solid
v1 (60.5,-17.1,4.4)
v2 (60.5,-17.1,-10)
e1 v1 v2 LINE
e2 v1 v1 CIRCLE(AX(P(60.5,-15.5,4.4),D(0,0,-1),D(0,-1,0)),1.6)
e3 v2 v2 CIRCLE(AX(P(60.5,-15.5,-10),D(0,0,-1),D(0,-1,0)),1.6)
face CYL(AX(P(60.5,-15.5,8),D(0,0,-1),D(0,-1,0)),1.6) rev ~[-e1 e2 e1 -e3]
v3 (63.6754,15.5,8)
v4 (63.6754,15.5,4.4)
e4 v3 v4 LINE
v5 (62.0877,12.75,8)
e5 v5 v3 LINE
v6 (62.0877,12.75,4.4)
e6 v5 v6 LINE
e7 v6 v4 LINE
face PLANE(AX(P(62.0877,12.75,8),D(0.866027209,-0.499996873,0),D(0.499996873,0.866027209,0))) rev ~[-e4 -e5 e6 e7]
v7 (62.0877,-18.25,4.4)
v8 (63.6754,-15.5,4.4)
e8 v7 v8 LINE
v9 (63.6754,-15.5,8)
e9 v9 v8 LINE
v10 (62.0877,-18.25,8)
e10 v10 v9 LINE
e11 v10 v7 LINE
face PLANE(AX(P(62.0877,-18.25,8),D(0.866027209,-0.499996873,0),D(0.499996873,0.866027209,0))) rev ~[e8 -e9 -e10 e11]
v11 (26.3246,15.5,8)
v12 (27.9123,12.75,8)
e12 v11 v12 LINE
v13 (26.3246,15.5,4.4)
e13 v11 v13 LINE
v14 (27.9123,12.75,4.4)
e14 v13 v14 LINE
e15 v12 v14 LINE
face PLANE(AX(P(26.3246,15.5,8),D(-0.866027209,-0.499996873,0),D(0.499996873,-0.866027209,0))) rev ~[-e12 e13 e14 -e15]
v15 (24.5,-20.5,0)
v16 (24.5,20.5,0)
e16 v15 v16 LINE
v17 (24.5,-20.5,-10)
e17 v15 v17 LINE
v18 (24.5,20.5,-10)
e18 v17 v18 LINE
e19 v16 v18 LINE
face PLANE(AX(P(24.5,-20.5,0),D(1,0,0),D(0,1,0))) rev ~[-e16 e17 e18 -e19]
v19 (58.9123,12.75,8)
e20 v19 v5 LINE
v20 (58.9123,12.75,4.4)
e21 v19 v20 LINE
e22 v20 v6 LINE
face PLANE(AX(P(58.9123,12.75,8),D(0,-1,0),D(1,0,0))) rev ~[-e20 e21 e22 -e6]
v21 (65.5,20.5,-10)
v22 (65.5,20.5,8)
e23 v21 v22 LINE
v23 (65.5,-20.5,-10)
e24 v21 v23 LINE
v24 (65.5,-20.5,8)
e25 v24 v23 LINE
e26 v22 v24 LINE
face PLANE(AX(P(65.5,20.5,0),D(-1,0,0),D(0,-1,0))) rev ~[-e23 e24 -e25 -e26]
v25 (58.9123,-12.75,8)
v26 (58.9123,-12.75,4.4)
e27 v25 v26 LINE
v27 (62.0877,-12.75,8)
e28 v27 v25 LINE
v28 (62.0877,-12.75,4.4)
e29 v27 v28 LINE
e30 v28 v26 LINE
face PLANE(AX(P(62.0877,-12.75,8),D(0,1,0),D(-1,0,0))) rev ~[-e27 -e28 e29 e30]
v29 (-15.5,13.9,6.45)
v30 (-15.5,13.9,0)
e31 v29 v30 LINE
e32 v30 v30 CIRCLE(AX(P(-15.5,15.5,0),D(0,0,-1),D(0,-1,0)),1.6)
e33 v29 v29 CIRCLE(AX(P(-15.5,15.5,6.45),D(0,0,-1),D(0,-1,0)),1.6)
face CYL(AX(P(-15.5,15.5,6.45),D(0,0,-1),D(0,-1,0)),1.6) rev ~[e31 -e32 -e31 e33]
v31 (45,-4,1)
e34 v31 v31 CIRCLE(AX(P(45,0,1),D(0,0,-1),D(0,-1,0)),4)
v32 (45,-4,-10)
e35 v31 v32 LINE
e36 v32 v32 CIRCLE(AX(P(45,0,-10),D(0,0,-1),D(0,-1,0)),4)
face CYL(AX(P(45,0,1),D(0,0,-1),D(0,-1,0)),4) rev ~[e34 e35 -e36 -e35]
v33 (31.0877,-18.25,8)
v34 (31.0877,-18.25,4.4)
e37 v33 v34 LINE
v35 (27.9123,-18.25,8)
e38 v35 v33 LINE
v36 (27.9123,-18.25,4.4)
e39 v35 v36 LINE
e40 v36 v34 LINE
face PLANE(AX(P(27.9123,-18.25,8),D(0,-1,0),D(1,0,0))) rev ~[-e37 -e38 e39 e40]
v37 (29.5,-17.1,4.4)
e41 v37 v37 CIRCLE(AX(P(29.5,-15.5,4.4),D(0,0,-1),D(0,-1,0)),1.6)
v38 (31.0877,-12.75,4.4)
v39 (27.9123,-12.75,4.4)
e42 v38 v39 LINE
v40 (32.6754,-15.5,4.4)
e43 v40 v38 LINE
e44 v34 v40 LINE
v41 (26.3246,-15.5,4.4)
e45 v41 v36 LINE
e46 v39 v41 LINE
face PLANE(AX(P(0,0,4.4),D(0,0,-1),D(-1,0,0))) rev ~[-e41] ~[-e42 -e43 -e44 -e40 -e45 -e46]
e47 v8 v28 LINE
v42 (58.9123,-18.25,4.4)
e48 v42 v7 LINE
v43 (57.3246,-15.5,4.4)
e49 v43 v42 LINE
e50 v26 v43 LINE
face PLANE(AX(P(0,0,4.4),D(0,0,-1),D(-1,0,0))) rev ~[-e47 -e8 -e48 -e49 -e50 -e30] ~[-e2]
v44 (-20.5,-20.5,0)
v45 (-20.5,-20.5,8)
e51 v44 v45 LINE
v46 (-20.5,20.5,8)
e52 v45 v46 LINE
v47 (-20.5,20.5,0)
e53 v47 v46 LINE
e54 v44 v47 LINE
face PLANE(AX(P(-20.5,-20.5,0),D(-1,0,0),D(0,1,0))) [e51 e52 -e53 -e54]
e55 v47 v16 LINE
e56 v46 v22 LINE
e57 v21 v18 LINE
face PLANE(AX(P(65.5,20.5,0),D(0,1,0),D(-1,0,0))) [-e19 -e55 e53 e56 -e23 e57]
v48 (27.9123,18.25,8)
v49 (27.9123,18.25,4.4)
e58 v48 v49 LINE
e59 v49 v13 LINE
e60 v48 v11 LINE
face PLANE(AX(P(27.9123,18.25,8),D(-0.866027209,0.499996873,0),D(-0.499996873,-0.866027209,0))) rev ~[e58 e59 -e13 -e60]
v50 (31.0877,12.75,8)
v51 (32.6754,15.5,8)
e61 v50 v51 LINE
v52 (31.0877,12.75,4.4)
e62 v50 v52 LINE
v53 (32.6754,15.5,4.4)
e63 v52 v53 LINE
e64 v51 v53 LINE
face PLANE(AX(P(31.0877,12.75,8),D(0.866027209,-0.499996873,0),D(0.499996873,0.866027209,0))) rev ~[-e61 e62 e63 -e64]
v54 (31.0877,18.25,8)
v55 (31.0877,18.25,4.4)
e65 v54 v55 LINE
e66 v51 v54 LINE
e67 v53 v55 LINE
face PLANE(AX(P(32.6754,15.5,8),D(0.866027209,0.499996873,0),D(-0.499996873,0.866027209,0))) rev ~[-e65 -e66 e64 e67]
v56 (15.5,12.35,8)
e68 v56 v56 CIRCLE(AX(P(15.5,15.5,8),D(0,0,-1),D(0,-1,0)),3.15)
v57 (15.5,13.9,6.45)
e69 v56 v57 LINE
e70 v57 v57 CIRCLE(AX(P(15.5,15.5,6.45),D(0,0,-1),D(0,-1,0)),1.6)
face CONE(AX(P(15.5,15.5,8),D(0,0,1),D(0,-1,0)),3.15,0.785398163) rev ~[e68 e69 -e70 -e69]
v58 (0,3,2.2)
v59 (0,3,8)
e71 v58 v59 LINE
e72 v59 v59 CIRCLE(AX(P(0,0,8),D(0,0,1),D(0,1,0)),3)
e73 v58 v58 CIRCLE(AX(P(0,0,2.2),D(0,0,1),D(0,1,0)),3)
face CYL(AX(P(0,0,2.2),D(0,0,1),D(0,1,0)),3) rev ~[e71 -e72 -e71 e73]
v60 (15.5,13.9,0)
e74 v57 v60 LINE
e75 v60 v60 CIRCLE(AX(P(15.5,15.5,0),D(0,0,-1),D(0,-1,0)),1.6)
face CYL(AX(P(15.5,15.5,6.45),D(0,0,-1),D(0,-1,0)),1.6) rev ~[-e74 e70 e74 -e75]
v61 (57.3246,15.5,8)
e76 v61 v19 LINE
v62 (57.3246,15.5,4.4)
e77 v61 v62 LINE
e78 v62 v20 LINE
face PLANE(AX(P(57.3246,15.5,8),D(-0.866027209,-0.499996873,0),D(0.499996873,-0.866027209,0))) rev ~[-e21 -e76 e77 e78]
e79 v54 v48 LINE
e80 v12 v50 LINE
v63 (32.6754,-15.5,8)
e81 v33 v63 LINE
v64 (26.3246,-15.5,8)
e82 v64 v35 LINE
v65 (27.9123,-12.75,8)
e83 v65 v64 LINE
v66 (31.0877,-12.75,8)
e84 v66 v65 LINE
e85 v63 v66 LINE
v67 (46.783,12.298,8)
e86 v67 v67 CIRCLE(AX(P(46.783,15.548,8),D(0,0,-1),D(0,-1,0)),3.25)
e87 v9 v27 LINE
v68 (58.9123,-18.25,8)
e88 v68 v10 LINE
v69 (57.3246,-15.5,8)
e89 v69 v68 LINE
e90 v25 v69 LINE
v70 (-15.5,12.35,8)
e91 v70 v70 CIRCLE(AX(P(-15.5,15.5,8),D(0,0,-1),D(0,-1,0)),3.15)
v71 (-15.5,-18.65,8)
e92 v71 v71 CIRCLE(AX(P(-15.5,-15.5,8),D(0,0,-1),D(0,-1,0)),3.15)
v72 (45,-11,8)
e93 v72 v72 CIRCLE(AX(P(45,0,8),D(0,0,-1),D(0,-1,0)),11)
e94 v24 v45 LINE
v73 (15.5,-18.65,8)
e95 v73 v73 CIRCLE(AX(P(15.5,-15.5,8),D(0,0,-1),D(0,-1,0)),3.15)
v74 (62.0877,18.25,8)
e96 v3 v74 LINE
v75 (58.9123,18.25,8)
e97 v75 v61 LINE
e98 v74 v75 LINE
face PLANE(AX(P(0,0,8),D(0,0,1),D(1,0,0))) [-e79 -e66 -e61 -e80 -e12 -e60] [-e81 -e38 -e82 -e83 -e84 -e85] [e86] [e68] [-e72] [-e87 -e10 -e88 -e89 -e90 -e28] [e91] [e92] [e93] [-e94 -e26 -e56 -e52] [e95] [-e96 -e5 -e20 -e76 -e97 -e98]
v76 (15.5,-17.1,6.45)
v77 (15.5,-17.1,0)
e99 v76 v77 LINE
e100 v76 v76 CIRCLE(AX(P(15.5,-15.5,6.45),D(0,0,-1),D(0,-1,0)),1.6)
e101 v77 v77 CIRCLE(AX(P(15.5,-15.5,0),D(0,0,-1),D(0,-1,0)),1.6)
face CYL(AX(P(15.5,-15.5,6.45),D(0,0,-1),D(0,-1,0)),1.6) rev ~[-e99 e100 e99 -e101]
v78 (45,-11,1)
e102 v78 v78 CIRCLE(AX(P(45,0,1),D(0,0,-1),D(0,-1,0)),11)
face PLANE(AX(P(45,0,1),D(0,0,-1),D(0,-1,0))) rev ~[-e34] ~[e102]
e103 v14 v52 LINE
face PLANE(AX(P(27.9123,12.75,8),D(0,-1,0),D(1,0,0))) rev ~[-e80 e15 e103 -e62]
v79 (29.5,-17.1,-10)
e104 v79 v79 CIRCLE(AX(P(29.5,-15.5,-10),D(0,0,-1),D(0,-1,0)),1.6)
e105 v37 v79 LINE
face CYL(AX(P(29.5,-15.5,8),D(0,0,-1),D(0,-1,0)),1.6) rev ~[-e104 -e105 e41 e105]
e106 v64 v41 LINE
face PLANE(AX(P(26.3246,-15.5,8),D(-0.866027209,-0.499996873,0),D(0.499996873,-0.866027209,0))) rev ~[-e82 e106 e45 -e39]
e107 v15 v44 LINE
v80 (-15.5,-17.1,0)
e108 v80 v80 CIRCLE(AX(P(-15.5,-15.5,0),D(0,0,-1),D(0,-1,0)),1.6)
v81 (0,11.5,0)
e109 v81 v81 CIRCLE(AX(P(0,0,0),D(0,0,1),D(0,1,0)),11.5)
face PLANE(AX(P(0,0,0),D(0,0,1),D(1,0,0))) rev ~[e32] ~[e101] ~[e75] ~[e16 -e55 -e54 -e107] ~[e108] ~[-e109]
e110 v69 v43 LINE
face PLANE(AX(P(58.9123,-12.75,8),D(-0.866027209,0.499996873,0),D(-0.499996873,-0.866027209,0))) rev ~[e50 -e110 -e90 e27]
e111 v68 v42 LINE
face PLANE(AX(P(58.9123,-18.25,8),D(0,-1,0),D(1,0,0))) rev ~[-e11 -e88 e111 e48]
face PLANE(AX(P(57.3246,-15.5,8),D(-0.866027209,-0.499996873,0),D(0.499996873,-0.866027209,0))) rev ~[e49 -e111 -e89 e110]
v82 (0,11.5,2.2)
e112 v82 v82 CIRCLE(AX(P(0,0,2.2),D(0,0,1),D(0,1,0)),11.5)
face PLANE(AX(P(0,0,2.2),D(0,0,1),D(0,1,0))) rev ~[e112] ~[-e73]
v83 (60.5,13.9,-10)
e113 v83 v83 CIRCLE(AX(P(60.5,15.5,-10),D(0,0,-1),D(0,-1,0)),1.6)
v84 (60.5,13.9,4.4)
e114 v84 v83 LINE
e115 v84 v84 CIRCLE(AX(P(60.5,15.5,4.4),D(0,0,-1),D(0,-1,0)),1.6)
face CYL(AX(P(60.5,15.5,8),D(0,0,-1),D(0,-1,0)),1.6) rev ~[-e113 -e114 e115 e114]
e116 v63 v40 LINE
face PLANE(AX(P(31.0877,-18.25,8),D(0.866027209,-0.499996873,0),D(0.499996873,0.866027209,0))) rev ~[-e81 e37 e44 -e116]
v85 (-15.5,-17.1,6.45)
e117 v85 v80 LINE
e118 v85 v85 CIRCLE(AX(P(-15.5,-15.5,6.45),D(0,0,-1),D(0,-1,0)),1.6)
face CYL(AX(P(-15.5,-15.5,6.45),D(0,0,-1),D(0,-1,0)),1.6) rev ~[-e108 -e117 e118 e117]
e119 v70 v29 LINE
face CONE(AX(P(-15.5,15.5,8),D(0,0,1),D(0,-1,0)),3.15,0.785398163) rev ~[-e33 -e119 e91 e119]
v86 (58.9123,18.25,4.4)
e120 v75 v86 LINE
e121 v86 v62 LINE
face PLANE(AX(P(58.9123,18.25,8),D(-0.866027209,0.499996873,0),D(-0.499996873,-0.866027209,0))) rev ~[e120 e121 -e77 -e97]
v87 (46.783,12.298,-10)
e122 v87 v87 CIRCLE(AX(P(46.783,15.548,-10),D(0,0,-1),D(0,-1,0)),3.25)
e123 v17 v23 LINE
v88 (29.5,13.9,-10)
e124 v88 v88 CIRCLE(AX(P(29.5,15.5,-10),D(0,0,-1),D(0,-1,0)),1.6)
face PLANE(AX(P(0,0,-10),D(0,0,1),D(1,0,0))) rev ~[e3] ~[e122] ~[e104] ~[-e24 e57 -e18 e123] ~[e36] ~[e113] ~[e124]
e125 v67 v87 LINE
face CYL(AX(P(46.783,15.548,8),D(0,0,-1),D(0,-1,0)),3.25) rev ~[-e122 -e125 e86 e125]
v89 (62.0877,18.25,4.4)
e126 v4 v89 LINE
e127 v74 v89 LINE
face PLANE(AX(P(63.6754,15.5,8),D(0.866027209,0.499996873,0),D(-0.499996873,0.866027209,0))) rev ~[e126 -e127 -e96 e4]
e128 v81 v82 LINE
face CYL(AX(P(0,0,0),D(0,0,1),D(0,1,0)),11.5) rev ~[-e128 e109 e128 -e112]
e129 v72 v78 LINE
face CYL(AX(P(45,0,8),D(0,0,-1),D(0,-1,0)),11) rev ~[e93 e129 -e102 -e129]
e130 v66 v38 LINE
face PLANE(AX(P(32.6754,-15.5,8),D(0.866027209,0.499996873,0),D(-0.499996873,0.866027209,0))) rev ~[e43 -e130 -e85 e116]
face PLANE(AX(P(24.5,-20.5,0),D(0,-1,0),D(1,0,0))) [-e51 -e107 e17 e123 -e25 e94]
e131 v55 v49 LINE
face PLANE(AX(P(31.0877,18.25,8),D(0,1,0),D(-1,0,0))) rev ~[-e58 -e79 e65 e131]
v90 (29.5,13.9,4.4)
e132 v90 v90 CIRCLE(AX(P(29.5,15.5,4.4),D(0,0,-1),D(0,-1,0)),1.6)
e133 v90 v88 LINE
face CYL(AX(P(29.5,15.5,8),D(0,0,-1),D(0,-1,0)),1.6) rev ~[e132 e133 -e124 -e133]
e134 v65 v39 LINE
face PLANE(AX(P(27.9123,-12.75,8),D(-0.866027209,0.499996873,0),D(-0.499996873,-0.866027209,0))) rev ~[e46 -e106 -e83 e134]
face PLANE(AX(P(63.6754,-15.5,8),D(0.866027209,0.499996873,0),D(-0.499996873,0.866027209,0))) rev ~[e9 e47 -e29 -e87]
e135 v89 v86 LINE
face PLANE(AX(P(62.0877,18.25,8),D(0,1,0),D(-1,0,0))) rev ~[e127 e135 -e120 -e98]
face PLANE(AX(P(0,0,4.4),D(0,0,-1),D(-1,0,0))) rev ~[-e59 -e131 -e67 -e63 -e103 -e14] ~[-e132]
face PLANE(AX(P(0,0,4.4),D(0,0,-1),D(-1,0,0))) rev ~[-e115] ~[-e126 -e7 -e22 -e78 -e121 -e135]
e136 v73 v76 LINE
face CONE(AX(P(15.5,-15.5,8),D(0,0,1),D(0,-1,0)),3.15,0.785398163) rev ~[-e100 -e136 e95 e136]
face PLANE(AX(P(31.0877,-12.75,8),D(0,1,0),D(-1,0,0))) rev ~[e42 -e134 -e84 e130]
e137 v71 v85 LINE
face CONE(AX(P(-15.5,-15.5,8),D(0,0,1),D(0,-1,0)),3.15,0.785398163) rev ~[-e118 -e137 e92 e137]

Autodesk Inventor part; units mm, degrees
ref_plane "YZ Plane" through (0, 0, 0) normal (1, 0, 0) x (0, 1, 0)
ref_plane "XZ Plane" through (0, 0, 0) normal (0, 1, 0) x (-1, 0, 0)
ref_plane "XY Plane" through (0, 0, 0) normal (0, 0, 1) x (1, 0, 0)
sketch "Sketch1" plane through (0, 0, 0) normal (0, 0, 1) x (1, 0, 0)
  line L0 (-15.5, 15.5) -> (15.5, 15.5)
  line L1 (15.5, 15.5) -> (15.5, -15.5)
  line L2 (15.5, -15.5) -> (-15.5, -15.5)
  line L3 (-15.5, -15.5) -> (-15.5, 15.5)
  line L4 (29.5, 15.5) -> (60.5, 15.5)
  line L5 (60.5, 15.5) -> (60.5, -15.5)
  line L6 (60.5, -15.5) -> (29.5, -15.5)
  line L7 (29.5, -15.5) -> (29.5, 15.5)
  line L8 (-20.5, 20.5) -> (65.5, 20.5)
  line L9 (65.5, 20.5) -> (65.5, -20.5)
  line L10 (65.5, -20.5) -> (-20.5, -20.5)
  line L11 (-20.5, -20.5) -> (-20.5, 20.5)
  circle A0 centre (0, 0) radius 11
  circle A1 centre (45, 0) radius 11
  dimension "d0" = 31
  dimension "d5" = 45
  dimension "d10" = 5
  dimension "d11" = 5
  dimension "d12" = 5
  dimension "d13" = 5
  dimension "d16" = 22
extrude "Extrusion1" add sketch "Sketch1" along normal blind 8 contours L0 L1 L2 L3 | L4 L5 L6 L7 | L8 L9 L10 L11 | A0 | A1
sketch "Sketch2" plane through (0, 0, 0) normal (0, 0, 1) x (1, 0, 0)
  circle A0 centre (45, 0) radius 11 projected
  point P0 (0, 0)
sketch "Sketch4" plane through (0, 0, 8) normal (0, 0, 1) x (1, 0, 0)
  point P0 (0, 0)
  point P1 (15.5, 15.5)
  point P2 (-15.5, 15.5)
  point P3 (-15.5, -15.5)
  point P4 (15.5, -15.5)
hole "Hole3" at (-15.5, 15.5, 8) at (15.5, 15.5, 8) at (15.5, -15.5, 8) at (-15.5, -15.5, 8) direction (0, 0, -1) diameter 3.2 end through all countersink diameter 6.3 countersink angle 90 clearance for "Flat Head Machine Screw" size "M3" standard "Ansi Metric M Profile"
sketch "Sketch16" plane through (0, 0, 0) normal (0, 0, 1) x (1, 0, 0)
  line L0 (65.5, 20.5) -> (-20.5, 20.5) projected
  line L1 (-20.5, -20.5) -> (65.5, -20.5) projected
  line L2 (24.5, 20.5) -> (65.5, 20.5)
  line L3 (65.5, 20.5) -> (65.5, -20.5)
  line L4 (65.5, -20.5) -> (24.5, -20.5)
  line L5 (24.5, -20.5) -> (24.5, 20.5)
  point P0 (0, 0)
extrude "Extrusion7" add sketch "Sketch16" against normal blind 10
sketch "Sketch18" plane through (0, 0, 8) normal (0, 0, 1) x (1, 0, 0)
  line L0 (29.5, 15.5) -> (60.5, 15.5) projected
  line L1 (29.5, -15.5) -> (29.5, 15.5) projected
  line L2 (60.5, -15.5) -> (29.5, -15.5) projected
  line L3 (60.5, 15.5) -> (60.5, -15.5) projected
  point P0 (0, 0)
sketch "Sketch14" plane through (0, 0, 8) normal (0, 0, -1) x (-1, 0, 0)
  circle A0 centre (-45, 0) radius 11 projected
  point P0 (0, 0)
  point P1 (-46.783, 15.548)
  dimension "d178" = 1.783
  dimension "d179" = 15.548
hole "Hole5" at (46.783, 15.548, 8) direction (0, 0, -1) diameter 6.5 end through all
sketch "Sketch13" plane through (0, 0, 8) normal (0, 0, -1) x (-1, 0, 0)
  line L0 (-62.0877, 18.25) -> (-58.9123, 18.25)
  line L1 (-58.9123, 18.25) -> (-57.3246, 15.5)
  line L2 (-57.3246, 15.5) -> (-58.9123, 12.75)
  line L3 (-58.9123, 12.75) -> (-62.0877, 12.75)
  line L4 (-62.0877, 12.75) -> (-63.6754, 15.5)
  line L5 (-63.6754, 15.5) -> (-62.0877, 18.25)
  line L6 (-31.0877, 18.25) -> (-27.9123, 18.25)
  line L7 (-27.9123, 18.25) -> (-26.3246, 15.5)
  line L8 (-26.3246, 15.5) -> (-27.9123, 12.75)
  line L9 (-27.9123, 12.75) -> (-31.0877, 12.75)
  line L10 (-31.0877, 12.75) -> (-32.6754, 15.5)
  line L11 (-32.6754, 15.5) -> (-31.0877, 18.25)
  line L12 (-62.0877, -12.75) -> (-58.9123, -12.75)
  line L13 (-58.9123, -12.75) -> (-57.3246, -15.5)
  line L14 (-57.3246, -15.5) -> (-58.9123, -18.25)
  line L15 (-58.9123, -18.25) -> (-62.0877, -18.25)
  line L16 (-62.0877, -18.25) -> (-63.6754, -15.5)
  line L17 (-63.6754, -15.5) -> (-62.0877, -12.75)
  line L18 (-31.0877, -12.75) -> (-27.9123, -12.75)
  line L19 (-27.9123, -12.75) -> (-26.3246, -15.5)
  line L20 (-26.3246, -15.5) -> (-27.9123, -18.25)
  line L21 (-27.9123, -18.25) -> (-31.0877, -18.25)
  line L22 (-31.0877, -18.25) -> (-32.6754, -15.5)
  line L23 (-32.6754, -15.5) -> (-31.0877, -12.75)
  point P0 (0, 0)
  point P1 (-60.5, 15.5)
  point P2 (-29.5, 15.5)
  point P3 (-60.5, -15.5)
  point P4 (-29.5, -15.5)
  point P5 (-60.5, 15.5)
  point P6 (-29.5, 15.5)
  point P7 (-60.5, -15.5)
  point P8 (-29.5, -15.5)
  point P9 (-45, 0)
  dimension "d129" = 5.5
extrude "Extrusion6" cut sketch "Sketch13" along normal blind 3.6
hole "Hole7" at (45, 0, 8) direction (0, 0, -1) diameter 8 end through all counterbore diameter 22 counterbore depth 7
hole "Hole8" at (29.5, 15.5, 8) at (60.5, 15.5, 8) at (60.5, -15.5, 8) at (29.5, -15.5, 8) direction (0, 0, -1) diameter 3.2 end through all clearance for "Flat Head Machine Screw" size "M3" standard "Ansi Metric M Profile"
hole "Hole9" at (0, 0, 0) direction (0, 0, 1) diameter 6 end through all counterbore diameter 23 counterbore depth 2.2
equation "\"d64\" = 55deg"
equation "\"Sketch5_Pitch\" = 0.5"
equation "\"d82\" = 55deg"
equation "\"Sketch7_Pitch\" = 0.5"
equation "\"d100\" = 55deg"
equation "\"Sketch9_Pitch\" = 0.5"
equation "\"d118\" = 55deg"
equation "\"Sketch11_Pitch\" = 0.5"
properties part number "ReductionGearBracket"
